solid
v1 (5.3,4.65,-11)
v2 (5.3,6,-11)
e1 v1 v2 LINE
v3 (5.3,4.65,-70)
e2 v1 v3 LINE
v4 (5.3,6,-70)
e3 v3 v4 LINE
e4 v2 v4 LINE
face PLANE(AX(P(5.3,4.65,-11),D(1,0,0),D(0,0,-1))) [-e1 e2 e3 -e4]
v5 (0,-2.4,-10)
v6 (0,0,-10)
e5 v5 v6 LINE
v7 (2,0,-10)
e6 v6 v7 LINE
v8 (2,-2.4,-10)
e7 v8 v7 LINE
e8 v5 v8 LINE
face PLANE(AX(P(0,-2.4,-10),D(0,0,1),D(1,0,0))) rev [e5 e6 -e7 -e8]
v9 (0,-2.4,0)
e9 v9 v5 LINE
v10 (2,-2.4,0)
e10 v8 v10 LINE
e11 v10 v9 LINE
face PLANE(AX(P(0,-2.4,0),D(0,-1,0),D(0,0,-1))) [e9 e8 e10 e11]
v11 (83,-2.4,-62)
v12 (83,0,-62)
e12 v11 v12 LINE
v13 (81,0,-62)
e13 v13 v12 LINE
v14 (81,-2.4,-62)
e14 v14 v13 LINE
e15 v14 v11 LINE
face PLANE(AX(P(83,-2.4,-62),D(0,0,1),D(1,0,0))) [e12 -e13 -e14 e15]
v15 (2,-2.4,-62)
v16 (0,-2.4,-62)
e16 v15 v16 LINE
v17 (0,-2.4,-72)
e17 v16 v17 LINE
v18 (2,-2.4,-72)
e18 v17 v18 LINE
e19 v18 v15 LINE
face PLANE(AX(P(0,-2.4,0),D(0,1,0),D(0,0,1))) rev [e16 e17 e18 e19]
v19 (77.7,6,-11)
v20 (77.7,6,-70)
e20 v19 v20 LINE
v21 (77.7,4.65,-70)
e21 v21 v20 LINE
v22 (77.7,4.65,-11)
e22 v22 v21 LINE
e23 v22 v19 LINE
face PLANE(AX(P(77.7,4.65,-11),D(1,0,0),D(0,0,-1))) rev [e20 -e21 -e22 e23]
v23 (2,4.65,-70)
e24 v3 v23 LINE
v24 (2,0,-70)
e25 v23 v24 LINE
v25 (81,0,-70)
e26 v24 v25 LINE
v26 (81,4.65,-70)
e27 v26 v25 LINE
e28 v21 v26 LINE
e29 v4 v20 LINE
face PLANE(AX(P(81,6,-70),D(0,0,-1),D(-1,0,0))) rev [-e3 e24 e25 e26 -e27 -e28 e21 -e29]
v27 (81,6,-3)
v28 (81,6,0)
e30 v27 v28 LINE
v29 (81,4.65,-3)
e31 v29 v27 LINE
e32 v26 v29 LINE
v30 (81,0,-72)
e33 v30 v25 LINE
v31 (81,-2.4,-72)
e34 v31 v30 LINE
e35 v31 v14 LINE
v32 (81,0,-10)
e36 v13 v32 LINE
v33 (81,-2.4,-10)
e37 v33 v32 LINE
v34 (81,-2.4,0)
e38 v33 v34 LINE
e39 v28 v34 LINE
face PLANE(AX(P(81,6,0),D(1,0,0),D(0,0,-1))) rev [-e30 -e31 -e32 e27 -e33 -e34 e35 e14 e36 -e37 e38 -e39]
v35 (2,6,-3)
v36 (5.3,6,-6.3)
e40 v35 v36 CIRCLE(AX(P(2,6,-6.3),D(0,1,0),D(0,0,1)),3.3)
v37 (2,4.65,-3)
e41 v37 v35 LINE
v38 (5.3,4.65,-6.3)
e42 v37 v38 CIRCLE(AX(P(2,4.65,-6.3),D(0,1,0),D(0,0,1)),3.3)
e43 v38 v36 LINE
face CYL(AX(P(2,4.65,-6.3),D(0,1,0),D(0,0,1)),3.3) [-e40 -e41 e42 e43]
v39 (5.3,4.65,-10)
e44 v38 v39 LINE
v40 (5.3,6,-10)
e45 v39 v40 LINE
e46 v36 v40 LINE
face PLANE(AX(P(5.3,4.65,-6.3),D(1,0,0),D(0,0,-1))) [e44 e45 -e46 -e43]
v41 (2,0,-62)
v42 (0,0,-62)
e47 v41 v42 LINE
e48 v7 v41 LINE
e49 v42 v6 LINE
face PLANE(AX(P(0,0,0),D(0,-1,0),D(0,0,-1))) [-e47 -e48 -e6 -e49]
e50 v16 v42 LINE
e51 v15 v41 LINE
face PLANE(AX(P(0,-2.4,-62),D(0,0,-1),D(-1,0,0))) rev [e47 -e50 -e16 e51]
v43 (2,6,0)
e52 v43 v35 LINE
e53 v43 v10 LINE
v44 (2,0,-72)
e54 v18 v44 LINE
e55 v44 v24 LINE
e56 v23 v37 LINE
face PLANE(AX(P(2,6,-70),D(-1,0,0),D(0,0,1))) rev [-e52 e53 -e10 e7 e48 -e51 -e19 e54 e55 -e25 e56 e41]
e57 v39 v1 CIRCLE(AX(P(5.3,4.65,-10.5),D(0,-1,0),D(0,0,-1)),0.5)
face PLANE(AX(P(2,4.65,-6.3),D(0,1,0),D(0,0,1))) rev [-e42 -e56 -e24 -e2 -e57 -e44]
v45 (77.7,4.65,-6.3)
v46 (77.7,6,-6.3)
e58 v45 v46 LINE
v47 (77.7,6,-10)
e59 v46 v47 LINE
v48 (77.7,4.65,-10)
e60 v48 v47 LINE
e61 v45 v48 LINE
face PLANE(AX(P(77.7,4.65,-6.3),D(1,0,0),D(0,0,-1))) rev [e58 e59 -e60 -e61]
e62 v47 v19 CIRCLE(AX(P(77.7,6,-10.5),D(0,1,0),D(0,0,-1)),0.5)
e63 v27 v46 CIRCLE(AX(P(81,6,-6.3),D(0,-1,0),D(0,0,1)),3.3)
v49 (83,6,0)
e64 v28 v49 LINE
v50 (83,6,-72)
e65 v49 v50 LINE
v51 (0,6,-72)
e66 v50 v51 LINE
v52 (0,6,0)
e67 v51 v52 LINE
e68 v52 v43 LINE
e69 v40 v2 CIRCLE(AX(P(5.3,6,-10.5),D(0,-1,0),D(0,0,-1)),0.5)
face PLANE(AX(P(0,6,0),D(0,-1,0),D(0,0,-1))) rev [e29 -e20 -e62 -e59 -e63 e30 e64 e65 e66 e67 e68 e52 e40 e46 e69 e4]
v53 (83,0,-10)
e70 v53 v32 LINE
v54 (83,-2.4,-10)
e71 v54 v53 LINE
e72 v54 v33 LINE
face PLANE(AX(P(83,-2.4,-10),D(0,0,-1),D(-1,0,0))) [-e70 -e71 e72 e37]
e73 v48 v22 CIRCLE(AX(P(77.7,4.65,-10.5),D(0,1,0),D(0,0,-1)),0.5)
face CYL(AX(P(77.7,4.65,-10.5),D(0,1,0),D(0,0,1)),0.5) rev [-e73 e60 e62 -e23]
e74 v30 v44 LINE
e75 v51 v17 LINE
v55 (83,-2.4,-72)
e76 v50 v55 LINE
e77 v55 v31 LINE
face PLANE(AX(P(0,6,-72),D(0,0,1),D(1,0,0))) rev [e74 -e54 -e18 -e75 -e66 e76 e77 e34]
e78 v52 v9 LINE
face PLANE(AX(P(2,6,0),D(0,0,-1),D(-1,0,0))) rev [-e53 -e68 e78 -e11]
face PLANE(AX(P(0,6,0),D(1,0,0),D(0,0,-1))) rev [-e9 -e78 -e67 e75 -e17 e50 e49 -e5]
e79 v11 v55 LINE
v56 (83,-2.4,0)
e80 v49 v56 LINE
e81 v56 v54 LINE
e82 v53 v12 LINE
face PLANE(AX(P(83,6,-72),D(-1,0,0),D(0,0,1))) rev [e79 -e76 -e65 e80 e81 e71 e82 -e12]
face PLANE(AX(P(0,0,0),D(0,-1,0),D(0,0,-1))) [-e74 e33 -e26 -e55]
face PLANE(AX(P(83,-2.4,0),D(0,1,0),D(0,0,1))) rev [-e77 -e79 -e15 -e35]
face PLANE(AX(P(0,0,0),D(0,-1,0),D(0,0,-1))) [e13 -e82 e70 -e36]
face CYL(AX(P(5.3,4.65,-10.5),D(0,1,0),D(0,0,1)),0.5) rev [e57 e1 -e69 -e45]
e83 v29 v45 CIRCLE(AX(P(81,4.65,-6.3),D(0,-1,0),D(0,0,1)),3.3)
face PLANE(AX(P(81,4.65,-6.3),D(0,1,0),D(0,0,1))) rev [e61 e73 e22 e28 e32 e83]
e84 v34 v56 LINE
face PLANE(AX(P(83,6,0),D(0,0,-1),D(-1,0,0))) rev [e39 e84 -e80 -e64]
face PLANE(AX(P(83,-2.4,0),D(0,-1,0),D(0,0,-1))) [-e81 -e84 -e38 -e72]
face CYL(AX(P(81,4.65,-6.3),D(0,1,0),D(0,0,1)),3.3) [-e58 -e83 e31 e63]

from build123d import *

# Parameters (mm, degrees)
BOSS_EXTRUDE1_DEPTH = 6
BOSS_EXTRUDE2_DEPTH = 1.35
SKETCH3_W           = 2
SKETCH3_H           = 10
BOSS_EXTRUDE3_DEPTH = 2.4


with BuildPart() as part:
    # Sketch1 → Boss-Extrude1 (new body)
    with BuildSketch(Plane(origin=(0, 0, 0), x_dir=(1, 0, 0), z_dir=(0, 1, 0))):
        Polygon((0, 0), (0, 72), (83, 72), (83, 0), (81, 0), (81, 70), (2, 70), (2, 0), align=None)
    extrude(amount=BOSS_EXTRUDE1_DEPTH)

    # Sketch2 → Boss-Extrude2 (add)
    with BuildSketch(Plane(origin=(0, 6, 0), x_dir=(1, 0, 0), z_dir=(0, 1, 0))):
        with BuildLine():
            Line((2, 3), (2, 70))
            Line((2, 70), (5.3, 70))
            Line((5.3, 70), (5.3, 11))
            ThreePointArc((5.3, 11), (4.8, 10.5), (5.3, 10))
            Line((5.3, 10), (5.3, 6.3))
            ThreePointArc((5.3, 6.3), (4.333452378, 3.966547622), (2, 3))
        make_face()
    boss_extrude2 = extrude(amount=-BOSS_EXTRUDE2_DEPTH)

    # Sketch3 → Boss-Extrude3 (add)
    with BuildSketch(Plane.XZ):
        with Locations((1, -5)):
            Rectangle(SKETCH3_W, SKETCH3_H)
        with Locations((1, -67)):
            Rectangle(SKETCH3_W, SKETCH3_H)
    boss_extrude3 = extrude(amount=BOSS_EXTRUDE3_DEPTH)

    # Mirror1: Boss-Extrude2, Boss-Extrude3 across plane
    add(boss_extrude2.mirror(Plane(origin=(41.5, 0, 0), x_dir=(0, 0, 1), z_dir=(1, 0, 0))))
    add(boss_extrude3.mirror(Plane(origin=(41.5, 0, 0), x_dir=(0, 0, 1), z_dir=(1, 0, 0))))


solid = part.part
